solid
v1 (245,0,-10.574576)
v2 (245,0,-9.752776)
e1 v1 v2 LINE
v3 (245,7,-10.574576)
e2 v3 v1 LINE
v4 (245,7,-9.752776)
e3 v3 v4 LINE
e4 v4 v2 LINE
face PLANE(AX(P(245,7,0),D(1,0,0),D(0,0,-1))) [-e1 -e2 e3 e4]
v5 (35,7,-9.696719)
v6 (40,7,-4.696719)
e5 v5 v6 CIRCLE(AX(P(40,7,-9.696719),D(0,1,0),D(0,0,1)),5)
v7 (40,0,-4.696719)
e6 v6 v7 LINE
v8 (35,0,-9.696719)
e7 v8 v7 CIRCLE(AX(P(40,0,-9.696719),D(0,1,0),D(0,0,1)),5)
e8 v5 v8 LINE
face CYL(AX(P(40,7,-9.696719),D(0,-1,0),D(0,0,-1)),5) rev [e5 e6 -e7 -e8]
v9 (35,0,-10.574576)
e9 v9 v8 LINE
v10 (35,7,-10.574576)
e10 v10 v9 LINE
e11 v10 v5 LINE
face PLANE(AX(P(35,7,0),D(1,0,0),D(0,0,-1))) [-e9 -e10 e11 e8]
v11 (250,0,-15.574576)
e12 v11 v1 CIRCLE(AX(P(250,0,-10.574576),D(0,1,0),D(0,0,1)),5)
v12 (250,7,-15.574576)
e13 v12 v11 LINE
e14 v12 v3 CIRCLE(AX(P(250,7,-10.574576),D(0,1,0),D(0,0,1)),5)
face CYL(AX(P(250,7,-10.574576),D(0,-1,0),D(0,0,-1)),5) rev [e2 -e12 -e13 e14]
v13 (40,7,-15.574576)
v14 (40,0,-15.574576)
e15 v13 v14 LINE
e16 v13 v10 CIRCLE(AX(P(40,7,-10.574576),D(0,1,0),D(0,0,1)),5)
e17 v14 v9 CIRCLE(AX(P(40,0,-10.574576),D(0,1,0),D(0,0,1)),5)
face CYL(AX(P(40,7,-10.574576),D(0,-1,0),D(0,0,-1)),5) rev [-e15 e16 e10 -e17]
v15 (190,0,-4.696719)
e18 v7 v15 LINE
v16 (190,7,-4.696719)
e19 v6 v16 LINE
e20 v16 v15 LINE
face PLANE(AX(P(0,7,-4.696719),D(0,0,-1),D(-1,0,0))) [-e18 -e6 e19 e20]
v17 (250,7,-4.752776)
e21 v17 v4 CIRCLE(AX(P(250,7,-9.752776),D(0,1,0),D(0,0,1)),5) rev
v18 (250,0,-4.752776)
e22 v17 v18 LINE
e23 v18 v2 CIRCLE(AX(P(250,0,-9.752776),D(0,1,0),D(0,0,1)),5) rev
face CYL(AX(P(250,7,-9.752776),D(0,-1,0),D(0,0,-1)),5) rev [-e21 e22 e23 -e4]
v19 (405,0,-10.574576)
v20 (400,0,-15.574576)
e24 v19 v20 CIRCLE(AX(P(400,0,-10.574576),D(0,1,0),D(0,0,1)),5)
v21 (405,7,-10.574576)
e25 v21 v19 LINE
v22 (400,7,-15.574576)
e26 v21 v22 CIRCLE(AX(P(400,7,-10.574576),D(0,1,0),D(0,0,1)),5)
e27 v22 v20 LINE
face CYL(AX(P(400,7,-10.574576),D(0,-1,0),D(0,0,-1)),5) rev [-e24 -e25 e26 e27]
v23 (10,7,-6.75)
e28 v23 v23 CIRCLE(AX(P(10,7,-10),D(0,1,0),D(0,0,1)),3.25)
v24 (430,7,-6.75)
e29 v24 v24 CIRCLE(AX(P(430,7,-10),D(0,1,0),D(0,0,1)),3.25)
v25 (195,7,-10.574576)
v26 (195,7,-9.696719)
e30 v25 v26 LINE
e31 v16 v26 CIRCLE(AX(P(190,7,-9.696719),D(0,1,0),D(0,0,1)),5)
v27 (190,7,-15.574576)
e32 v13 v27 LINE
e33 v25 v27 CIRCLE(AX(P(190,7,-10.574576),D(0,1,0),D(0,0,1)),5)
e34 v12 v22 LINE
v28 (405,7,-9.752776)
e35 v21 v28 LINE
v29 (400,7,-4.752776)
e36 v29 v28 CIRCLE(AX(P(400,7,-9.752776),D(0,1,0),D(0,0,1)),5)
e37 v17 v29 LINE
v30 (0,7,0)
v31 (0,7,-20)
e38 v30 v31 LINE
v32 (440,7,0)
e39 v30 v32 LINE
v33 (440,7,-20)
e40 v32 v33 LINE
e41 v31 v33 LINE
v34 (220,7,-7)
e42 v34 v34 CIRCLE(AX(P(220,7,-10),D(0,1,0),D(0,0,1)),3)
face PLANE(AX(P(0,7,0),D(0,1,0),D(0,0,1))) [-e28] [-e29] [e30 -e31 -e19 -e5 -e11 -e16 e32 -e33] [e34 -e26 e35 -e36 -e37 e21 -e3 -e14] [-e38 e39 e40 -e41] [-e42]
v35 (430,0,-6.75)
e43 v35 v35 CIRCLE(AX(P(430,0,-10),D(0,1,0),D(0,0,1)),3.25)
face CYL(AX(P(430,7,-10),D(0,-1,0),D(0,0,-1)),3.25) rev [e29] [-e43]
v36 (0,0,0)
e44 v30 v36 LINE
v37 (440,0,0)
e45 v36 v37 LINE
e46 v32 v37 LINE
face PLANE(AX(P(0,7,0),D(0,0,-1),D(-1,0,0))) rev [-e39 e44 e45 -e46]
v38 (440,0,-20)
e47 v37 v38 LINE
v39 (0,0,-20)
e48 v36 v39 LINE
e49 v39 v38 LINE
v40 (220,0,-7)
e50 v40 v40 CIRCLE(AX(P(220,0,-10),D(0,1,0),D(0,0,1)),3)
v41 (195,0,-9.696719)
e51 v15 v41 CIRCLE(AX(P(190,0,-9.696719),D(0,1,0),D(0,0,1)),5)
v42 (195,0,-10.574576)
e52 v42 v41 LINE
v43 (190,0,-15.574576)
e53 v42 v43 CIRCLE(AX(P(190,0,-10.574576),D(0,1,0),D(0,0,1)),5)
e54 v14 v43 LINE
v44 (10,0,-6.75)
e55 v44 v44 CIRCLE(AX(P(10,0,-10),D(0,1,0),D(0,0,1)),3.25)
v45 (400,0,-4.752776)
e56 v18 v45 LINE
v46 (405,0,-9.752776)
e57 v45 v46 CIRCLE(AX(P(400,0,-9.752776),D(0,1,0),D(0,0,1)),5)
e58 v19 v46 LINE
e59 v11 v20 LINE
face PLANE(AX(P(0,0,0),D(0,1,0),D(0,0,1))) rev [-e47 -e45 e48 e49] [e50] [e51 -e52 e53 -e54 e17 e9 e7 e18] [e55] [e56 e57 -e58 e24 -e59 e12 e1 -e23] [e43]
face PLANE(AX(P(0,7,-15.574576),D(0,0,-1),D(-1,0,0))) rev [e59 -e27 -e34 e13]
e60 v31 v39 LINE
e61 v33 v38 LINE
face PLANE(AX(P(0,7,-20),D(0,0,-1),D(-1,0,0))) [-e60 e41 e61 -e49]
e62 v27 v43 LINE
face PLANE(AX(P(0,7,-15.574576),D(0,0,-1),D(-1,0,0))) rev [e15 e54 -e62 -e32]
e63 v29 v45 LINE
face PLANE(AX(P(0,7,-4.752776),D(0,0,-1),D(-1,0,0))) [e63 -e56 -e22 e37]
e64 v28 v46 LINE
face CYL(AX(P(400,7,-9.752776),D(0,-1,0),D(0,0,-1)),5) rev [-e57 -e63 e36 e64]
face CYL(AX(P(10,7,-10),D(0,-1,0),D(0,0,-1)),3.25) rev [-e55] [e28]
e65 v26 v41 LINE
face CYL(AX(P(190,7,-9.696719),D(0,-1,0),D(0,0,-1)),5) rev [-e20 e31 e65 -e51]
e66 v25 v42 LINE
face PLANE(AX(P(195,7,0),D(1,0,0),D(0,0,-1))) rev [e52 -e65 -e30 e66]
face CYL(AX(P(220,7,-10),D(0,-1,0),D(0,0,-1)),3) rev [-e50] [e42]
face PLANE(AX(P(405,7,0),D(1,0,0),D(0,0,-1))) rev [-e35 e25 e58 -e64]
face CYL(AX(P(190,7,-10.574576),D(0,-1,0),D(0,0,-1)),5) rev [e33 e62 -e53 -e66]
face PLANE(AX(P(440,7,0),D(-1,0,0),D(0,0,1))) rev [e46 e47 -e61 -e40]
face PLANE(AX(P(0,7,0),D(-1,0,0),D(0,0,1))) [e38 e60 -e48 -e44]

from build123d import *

# Parameters (mm, degrees)
SZKIC1_W                    = 440
SZKIC1_H                    = 20
SZKIC1_R                    = 3
SZKIC1_R_2                  = 3.25
DODANIE_WYCI_GNI_CIE1_DEPTH = 7


with BuildPart() as part:
    # Szkic1 → Dodanie-wyciągnięcie1 (new body)
    with BuildSketch(Plane(origin=(0, 0, 0), x_dir=(1, 0, 0), z_dir=(0, 1, 0))):
        with Locations((220, 10)):
            Rectangle(SZKIC1_W, SZKIC1_H)
        with Locations(Location((220, 10, 0), (0, 0, 270))):
            Circle(SZKIC1_R, mode=Mode.SUBTRACT)
        with Locations(Location((10, 10, 0), (0, 0, 270))):
            Circle(SZKIC1_R_2, mode=Mode.SUBTRACT)
        with Locations(Location((430, 10, 0), (0, 0, 270))):
            Circle(SZKIC1_R_2, mode=Mode.SUBTRACT)
        with BuildLine():
            Line((40, 15.57457628), (190, 15.57457628))
            ThreePointArc((190, 15.57457628), (193.535533906, 14.110110186), (195, 10.57457628))
            Line((195, 10.57457628), (195, 9.696719379))
            ThreePointArc((195, 9.696719379), (193.535533906, 6.161185473), (190, 4.696719379))
            Line((190, 4.696719379), (40, 4.696719379))
            ThreePointArc((40, 4.696719379), (36.464466094, 6.161185473), (35, 9.696719379))
            Line((35, 9.696719379), (35, 10.57457628))
            ThreePointArc((35, 10.57457628), (36.464466094, 14.110110186), (40, 15.57457628))
        make_face(mode=Mode.SUBTRACT)
        with BuildLine():
            Line((250, 15.57457628), (400, 15.57457628))
            ThreePointArc((400, 15.57457628), (403.535533906, 14.110110186), (405, 10.57457628))
            Line((405, 10.57457628), (405, 9.752776346))
            ThreePointArc((405, 9.752776346), (403.535533906, 6.21724244), (400, 4.752776346))
            Line((400, 4.752776346), (250, 4.752776346))
            ThreePointArc((250, 4.752776346), (246.464466094, 6.21724244), (245, 9.752776346))
            Line((245, 9.752776346), (245, 10.57457628))
            ThreePointArc((245, 10.57457628), (246.464466094, 14.110110186), (250, 15.57457628))
        make_face(mode=Mode.SUBTRACT)
    extrude(amount=DODANIE_WYCI_GNI_CIE1_DEPTH)


solid = part.part
